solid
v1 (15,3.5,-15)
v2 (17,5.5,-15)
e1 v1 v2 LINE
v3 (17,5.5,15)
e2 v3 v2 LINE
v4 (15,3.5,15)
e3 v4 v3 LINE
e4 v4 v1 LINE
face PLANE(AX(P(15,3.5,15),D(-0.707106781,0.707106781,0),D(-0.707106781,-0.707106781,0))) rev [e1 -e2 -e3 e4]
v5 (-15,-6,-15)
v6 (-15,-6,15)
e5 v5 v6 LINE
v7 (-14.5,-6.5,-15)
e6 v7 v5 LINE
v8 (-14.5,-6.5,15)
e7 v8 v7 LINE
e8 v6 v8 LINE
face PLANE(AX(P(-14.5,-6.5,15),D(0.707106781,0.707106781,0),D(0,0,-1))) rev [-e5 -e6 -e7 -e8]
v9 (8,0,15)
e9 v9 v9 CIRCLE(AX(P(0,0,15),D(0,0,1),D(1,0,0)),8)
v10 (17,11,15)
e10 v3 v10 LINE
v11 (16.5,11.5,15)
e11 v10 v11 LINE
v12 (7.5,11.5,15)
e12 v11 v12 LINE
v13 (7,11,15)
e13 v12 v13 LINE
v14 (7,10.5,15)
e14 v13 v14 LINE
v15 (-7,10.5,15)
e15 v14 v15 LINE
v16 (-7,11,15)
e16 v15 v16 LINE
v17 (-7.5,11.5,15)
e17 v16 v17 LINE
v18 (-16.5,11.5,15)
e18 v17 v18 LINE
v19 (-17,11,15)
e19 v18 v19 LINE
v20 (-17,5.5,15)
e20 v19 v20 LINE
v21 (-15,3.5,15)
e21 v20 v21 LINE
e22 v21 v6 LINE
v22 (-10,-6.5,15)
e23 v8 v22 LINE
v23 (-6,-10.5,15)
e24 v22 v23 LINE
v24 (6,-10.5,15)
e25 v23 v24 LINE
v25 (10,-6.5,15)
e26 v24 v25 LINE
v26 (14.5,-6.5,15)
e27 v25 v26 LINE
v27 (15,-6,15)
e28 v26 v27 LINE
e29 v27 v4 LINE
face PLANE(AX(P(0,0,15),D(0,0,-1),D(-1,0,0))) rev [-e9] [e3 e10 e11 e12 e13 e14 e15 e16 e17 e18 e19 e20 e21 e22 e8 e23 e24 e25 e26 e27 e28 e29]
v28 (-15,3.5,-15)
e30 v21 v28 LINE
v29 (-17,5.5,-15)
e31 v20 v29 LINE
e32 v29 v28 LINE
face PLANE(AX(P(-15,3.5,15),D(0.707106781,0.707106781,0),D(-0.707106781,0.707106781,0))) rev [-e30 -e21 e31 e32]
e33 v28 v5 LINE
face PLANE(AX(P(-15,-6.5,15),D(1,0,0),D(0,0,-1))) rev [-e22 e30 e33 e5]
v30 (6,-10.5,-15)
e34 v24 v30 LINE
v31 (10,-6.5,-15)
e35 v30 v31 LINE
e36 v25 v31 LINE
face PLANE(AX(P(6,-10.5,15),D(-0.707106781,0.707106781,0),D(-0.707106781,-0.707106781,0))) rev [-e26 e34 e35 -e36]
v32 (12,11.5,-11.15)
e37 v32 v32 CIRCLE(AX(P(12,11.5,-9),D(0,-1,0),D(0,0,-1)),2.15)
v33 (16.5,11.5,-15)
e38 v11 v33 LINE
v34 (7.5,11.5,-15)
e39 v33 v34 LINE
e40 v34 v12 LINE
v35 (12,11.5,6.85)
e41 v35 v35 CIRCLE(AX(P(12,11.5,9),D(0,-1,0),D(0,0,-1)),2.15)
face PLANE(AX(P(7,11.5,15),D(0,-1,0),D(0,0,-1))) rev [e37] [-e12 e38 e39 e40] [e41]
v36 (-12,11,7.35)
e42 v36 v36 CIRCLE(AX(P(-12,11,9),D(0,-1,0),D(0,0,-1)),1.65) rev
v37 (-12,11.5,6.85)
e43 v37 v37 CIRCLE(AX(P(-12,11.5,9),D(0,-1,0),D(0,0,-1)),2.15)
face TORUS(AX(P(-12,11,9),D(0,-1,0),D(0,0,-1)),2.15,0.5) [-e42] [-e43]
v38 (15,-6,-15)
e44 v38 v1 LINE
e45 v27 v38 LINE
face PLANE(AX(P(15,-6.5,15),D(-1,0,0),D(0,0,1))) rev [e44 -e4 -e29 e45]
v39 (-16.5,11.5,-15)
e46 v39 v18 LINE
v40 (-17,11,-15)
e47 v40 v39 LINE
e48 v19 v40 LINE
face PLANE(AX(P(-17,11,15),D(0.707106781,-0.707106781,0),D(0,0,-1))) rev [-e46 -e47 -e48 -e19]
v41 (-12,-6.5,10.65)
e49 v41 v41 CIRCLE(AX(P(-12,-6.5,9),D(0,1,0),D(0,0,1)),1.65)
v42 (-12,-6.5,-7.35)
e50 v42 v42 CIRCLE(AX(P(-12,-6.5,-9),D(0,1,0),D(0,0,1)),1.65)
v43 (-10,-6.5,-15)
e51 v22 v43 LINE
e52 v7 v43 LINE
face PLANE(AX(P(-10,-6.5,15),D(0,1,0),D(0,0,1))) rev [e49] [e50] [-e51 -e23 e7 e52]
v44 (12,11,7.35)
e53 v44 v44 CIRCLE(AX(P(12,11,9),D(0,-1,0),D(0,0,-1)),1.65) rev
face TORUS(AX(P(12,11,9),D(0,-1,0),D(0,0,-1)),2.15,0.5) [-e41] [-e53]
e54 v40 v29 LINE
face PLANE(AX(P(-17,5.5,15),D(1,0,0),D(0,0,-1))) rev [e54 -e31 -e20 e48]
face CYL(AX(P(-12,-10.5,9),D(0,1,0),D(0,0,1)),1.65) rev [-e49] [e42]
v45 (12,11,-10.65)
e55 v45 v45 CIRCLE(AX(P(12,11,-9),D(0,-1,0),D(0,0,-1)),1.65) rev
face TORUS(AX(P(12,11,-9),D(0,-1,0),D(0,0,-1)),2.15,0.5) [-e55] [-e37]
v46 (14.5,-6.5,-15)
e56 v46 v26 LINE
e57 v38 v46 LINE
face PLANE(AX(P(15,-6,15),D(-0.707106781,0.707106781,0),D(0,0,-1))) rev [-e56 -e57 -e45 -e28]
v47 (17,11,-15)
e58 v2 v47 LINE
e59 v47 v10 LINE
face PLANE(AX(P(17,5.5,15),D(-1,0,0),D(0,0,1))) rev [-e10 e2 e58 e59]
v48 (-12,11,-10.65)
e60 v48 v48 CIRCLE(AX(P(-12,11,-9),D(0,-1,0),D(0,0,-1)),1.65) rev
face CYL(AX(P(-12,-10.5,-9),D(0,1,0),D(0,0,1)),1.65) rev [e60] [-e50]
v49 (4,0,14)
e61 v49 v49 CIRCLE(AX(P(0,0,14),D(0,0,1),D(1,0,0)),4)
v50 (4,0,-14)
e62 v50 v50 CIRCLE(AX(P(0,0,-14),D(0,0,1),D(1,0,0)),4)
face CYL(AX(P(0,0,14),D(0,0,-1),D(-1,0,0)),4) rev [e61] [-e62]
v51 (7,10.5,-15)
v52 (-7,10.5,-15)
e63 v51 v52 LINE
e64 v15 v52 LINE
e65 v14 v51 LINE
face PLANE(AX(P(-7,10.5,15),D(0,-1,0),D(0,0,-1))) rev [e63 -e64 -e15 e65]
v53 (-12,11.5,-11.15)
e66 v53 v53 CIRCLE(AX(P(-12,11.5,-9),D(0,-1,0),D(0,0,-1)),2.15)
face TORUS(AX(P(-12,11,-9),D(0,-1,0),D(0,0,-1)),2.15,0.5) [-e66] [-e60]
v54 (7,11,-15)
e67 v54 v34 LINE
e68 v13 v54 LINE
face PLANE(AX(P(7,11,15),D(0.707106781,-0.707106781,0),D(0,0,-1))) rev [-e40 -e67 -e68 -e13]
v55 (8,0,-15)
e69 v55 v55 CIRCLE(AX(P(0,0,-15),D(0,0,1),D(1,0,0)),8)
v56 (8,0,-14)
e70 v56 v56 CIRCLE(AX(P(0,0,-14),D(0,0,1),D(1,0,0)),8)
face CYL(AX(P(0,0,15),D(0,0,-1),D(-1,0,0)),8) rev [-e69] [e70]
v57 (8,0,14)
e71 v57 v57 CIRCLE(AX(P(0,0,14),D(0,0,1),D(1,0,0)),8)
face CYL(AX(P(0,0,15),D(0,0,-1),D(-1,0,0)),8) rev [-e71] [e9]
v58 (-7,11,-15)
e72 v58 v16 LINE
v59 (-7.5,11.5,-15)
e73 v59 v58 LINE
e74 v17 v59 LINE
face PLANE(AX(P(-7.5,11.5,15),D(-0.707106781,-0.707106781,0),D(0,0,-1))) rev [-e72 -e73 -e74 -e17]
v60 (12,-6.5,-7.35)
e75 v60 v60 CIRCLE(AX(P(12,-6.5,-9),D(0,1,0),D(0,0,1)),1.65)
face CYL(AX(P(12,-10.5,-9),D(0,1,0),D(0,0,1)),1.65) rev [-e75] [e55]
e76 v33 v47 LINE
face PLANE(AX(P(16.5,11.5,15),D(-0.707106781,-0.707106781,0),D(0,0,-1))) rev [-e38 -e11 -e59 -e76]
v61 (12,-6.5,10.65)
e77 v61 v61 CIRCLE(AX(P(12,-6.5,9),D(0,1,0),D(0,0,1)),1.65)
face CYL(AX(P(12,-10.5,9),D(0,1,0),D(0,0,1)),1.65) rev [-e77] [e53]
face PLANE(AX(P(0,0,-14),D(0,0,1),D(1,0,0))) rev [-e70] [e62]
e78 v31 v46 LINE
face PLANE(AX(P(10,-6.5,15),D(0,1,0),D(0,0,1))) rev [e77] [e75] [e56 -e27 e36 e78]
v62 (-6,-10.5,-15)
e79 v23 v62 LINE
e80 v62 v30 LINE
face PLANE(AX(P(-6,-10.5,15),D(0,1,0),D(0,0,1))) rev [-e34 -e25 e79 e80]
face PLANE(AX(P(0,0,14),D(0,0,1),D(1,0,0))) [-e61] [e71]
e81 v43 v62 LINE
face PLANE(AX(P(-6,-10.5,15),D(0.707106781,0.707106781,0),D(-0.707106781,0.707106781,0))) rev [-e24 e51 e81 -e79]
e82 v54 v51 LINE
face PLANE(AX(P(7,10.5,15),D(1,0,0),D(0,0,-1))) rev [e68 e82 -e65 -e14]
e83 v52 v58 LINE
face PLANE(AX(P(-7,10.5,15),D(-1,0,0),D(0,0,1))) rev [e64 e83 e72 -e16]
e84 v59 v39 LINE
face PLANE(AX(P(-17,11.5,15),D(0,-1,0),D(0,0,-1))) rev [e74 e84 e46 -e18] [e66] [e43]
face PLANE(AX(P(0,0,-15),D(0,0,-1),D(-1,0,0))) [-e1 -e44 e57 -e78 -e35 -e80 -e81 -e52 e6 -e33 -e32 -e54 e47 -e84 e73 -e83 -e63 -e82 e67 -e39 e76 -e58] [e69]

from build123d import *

# Parameters (mm, degrees)
SKETCH1_R           = 8
BOSS_EXTRUDE1_DEPTH = 15
SKETCH2_R           = 1.65
CUT_EXTRUDE1_DEPTH  = 23
SKETCH3_R           = 8
SKETCH3_R_2         = 4
BOSS_EXTRUDE2_DEPTH = 14
FILLET1_R           = 0.5
CHAMFER1_SIZE       = 0.5


with BuildPart() as part:
    # Sketch1 → Boss-Extrude1 (new body, symmetric)
    with BuildSketch(Plane.XY):
        Polygon((-17, 11.5), (-7, 11.5), (-7, 10.5), (7, 10.5), (7, 11.5), (17, 11.5), (17, 5.5), (15, 3.5), (15, -6.5), (10, -6.5), (6, -10.5), (-6, -10.5), (-10, -6.5), (-15, -6.5), (-15, 3.5), (-17, 5.5), align=None)
        Circle(SKETCH1_R, mode=Mode.SUBTRACT)
    extrude(amount=BOSS_EXTRUDE1_DEPTH, both=True)

    # Sketch2 → Cut-Extrude1 (cut, through all)
    with BuildSketch(Plane(origin=(0, 11.5, 0), x_dir=(1, 0, 0), z_dir=(0, 1, 0))):
        with Locations((-12, 9)):
            Circle(SKETCH2_R)
        with Locations((-12, -9)):
            Circle(SKETCH2_R)
        with Locations((12, -9)):
            Circle(SKETCH2_R)
        with Locations((12, 9)):
            Circle(SKETCH2_R)
    extrude(amount=-CUT_EXTRUDE1_DEPTH, mode=Mode.SUBTRACT)

    # Sketch3 → Boss-Extrude2 (add, symmetric)
    with BuildSketch(Plane.XY):
        Circle(SKETCH3_R)
        Circle(SKETCH3_R_2, mode=Mode.SUBTRACT)
    extrude(amount=BOSS_EXTRUDE2_DEPTH, both=True)

    # Fillet1
    fillet1_edges = [part.edges().sort_by_distance(p)[0] for p in [
        (-13.65, 11.5, -9),
        (-13.65, 11.5, 9),
        (10.35, 11.5, 9),
        (10.35, 11.5, -9),
    ]]
    fillet(fillet1_edges, radius=FILLET1_R)

    # Chamfer1
    chamfer1_edges = [part.edges().sort_by_distance(p)[0] for p in [
        (-17, 11.5, 0),
        (-7, 11.5, 0),
        (7, 11.5, 0),
        (17, 11.5, 0),
        (15, -6.5, 0),
        (-15, -6.5, 0),
    ]]
    chamfer(chamfer1_edges, length=CHAMFER1_SIZE)


solid = part.part
